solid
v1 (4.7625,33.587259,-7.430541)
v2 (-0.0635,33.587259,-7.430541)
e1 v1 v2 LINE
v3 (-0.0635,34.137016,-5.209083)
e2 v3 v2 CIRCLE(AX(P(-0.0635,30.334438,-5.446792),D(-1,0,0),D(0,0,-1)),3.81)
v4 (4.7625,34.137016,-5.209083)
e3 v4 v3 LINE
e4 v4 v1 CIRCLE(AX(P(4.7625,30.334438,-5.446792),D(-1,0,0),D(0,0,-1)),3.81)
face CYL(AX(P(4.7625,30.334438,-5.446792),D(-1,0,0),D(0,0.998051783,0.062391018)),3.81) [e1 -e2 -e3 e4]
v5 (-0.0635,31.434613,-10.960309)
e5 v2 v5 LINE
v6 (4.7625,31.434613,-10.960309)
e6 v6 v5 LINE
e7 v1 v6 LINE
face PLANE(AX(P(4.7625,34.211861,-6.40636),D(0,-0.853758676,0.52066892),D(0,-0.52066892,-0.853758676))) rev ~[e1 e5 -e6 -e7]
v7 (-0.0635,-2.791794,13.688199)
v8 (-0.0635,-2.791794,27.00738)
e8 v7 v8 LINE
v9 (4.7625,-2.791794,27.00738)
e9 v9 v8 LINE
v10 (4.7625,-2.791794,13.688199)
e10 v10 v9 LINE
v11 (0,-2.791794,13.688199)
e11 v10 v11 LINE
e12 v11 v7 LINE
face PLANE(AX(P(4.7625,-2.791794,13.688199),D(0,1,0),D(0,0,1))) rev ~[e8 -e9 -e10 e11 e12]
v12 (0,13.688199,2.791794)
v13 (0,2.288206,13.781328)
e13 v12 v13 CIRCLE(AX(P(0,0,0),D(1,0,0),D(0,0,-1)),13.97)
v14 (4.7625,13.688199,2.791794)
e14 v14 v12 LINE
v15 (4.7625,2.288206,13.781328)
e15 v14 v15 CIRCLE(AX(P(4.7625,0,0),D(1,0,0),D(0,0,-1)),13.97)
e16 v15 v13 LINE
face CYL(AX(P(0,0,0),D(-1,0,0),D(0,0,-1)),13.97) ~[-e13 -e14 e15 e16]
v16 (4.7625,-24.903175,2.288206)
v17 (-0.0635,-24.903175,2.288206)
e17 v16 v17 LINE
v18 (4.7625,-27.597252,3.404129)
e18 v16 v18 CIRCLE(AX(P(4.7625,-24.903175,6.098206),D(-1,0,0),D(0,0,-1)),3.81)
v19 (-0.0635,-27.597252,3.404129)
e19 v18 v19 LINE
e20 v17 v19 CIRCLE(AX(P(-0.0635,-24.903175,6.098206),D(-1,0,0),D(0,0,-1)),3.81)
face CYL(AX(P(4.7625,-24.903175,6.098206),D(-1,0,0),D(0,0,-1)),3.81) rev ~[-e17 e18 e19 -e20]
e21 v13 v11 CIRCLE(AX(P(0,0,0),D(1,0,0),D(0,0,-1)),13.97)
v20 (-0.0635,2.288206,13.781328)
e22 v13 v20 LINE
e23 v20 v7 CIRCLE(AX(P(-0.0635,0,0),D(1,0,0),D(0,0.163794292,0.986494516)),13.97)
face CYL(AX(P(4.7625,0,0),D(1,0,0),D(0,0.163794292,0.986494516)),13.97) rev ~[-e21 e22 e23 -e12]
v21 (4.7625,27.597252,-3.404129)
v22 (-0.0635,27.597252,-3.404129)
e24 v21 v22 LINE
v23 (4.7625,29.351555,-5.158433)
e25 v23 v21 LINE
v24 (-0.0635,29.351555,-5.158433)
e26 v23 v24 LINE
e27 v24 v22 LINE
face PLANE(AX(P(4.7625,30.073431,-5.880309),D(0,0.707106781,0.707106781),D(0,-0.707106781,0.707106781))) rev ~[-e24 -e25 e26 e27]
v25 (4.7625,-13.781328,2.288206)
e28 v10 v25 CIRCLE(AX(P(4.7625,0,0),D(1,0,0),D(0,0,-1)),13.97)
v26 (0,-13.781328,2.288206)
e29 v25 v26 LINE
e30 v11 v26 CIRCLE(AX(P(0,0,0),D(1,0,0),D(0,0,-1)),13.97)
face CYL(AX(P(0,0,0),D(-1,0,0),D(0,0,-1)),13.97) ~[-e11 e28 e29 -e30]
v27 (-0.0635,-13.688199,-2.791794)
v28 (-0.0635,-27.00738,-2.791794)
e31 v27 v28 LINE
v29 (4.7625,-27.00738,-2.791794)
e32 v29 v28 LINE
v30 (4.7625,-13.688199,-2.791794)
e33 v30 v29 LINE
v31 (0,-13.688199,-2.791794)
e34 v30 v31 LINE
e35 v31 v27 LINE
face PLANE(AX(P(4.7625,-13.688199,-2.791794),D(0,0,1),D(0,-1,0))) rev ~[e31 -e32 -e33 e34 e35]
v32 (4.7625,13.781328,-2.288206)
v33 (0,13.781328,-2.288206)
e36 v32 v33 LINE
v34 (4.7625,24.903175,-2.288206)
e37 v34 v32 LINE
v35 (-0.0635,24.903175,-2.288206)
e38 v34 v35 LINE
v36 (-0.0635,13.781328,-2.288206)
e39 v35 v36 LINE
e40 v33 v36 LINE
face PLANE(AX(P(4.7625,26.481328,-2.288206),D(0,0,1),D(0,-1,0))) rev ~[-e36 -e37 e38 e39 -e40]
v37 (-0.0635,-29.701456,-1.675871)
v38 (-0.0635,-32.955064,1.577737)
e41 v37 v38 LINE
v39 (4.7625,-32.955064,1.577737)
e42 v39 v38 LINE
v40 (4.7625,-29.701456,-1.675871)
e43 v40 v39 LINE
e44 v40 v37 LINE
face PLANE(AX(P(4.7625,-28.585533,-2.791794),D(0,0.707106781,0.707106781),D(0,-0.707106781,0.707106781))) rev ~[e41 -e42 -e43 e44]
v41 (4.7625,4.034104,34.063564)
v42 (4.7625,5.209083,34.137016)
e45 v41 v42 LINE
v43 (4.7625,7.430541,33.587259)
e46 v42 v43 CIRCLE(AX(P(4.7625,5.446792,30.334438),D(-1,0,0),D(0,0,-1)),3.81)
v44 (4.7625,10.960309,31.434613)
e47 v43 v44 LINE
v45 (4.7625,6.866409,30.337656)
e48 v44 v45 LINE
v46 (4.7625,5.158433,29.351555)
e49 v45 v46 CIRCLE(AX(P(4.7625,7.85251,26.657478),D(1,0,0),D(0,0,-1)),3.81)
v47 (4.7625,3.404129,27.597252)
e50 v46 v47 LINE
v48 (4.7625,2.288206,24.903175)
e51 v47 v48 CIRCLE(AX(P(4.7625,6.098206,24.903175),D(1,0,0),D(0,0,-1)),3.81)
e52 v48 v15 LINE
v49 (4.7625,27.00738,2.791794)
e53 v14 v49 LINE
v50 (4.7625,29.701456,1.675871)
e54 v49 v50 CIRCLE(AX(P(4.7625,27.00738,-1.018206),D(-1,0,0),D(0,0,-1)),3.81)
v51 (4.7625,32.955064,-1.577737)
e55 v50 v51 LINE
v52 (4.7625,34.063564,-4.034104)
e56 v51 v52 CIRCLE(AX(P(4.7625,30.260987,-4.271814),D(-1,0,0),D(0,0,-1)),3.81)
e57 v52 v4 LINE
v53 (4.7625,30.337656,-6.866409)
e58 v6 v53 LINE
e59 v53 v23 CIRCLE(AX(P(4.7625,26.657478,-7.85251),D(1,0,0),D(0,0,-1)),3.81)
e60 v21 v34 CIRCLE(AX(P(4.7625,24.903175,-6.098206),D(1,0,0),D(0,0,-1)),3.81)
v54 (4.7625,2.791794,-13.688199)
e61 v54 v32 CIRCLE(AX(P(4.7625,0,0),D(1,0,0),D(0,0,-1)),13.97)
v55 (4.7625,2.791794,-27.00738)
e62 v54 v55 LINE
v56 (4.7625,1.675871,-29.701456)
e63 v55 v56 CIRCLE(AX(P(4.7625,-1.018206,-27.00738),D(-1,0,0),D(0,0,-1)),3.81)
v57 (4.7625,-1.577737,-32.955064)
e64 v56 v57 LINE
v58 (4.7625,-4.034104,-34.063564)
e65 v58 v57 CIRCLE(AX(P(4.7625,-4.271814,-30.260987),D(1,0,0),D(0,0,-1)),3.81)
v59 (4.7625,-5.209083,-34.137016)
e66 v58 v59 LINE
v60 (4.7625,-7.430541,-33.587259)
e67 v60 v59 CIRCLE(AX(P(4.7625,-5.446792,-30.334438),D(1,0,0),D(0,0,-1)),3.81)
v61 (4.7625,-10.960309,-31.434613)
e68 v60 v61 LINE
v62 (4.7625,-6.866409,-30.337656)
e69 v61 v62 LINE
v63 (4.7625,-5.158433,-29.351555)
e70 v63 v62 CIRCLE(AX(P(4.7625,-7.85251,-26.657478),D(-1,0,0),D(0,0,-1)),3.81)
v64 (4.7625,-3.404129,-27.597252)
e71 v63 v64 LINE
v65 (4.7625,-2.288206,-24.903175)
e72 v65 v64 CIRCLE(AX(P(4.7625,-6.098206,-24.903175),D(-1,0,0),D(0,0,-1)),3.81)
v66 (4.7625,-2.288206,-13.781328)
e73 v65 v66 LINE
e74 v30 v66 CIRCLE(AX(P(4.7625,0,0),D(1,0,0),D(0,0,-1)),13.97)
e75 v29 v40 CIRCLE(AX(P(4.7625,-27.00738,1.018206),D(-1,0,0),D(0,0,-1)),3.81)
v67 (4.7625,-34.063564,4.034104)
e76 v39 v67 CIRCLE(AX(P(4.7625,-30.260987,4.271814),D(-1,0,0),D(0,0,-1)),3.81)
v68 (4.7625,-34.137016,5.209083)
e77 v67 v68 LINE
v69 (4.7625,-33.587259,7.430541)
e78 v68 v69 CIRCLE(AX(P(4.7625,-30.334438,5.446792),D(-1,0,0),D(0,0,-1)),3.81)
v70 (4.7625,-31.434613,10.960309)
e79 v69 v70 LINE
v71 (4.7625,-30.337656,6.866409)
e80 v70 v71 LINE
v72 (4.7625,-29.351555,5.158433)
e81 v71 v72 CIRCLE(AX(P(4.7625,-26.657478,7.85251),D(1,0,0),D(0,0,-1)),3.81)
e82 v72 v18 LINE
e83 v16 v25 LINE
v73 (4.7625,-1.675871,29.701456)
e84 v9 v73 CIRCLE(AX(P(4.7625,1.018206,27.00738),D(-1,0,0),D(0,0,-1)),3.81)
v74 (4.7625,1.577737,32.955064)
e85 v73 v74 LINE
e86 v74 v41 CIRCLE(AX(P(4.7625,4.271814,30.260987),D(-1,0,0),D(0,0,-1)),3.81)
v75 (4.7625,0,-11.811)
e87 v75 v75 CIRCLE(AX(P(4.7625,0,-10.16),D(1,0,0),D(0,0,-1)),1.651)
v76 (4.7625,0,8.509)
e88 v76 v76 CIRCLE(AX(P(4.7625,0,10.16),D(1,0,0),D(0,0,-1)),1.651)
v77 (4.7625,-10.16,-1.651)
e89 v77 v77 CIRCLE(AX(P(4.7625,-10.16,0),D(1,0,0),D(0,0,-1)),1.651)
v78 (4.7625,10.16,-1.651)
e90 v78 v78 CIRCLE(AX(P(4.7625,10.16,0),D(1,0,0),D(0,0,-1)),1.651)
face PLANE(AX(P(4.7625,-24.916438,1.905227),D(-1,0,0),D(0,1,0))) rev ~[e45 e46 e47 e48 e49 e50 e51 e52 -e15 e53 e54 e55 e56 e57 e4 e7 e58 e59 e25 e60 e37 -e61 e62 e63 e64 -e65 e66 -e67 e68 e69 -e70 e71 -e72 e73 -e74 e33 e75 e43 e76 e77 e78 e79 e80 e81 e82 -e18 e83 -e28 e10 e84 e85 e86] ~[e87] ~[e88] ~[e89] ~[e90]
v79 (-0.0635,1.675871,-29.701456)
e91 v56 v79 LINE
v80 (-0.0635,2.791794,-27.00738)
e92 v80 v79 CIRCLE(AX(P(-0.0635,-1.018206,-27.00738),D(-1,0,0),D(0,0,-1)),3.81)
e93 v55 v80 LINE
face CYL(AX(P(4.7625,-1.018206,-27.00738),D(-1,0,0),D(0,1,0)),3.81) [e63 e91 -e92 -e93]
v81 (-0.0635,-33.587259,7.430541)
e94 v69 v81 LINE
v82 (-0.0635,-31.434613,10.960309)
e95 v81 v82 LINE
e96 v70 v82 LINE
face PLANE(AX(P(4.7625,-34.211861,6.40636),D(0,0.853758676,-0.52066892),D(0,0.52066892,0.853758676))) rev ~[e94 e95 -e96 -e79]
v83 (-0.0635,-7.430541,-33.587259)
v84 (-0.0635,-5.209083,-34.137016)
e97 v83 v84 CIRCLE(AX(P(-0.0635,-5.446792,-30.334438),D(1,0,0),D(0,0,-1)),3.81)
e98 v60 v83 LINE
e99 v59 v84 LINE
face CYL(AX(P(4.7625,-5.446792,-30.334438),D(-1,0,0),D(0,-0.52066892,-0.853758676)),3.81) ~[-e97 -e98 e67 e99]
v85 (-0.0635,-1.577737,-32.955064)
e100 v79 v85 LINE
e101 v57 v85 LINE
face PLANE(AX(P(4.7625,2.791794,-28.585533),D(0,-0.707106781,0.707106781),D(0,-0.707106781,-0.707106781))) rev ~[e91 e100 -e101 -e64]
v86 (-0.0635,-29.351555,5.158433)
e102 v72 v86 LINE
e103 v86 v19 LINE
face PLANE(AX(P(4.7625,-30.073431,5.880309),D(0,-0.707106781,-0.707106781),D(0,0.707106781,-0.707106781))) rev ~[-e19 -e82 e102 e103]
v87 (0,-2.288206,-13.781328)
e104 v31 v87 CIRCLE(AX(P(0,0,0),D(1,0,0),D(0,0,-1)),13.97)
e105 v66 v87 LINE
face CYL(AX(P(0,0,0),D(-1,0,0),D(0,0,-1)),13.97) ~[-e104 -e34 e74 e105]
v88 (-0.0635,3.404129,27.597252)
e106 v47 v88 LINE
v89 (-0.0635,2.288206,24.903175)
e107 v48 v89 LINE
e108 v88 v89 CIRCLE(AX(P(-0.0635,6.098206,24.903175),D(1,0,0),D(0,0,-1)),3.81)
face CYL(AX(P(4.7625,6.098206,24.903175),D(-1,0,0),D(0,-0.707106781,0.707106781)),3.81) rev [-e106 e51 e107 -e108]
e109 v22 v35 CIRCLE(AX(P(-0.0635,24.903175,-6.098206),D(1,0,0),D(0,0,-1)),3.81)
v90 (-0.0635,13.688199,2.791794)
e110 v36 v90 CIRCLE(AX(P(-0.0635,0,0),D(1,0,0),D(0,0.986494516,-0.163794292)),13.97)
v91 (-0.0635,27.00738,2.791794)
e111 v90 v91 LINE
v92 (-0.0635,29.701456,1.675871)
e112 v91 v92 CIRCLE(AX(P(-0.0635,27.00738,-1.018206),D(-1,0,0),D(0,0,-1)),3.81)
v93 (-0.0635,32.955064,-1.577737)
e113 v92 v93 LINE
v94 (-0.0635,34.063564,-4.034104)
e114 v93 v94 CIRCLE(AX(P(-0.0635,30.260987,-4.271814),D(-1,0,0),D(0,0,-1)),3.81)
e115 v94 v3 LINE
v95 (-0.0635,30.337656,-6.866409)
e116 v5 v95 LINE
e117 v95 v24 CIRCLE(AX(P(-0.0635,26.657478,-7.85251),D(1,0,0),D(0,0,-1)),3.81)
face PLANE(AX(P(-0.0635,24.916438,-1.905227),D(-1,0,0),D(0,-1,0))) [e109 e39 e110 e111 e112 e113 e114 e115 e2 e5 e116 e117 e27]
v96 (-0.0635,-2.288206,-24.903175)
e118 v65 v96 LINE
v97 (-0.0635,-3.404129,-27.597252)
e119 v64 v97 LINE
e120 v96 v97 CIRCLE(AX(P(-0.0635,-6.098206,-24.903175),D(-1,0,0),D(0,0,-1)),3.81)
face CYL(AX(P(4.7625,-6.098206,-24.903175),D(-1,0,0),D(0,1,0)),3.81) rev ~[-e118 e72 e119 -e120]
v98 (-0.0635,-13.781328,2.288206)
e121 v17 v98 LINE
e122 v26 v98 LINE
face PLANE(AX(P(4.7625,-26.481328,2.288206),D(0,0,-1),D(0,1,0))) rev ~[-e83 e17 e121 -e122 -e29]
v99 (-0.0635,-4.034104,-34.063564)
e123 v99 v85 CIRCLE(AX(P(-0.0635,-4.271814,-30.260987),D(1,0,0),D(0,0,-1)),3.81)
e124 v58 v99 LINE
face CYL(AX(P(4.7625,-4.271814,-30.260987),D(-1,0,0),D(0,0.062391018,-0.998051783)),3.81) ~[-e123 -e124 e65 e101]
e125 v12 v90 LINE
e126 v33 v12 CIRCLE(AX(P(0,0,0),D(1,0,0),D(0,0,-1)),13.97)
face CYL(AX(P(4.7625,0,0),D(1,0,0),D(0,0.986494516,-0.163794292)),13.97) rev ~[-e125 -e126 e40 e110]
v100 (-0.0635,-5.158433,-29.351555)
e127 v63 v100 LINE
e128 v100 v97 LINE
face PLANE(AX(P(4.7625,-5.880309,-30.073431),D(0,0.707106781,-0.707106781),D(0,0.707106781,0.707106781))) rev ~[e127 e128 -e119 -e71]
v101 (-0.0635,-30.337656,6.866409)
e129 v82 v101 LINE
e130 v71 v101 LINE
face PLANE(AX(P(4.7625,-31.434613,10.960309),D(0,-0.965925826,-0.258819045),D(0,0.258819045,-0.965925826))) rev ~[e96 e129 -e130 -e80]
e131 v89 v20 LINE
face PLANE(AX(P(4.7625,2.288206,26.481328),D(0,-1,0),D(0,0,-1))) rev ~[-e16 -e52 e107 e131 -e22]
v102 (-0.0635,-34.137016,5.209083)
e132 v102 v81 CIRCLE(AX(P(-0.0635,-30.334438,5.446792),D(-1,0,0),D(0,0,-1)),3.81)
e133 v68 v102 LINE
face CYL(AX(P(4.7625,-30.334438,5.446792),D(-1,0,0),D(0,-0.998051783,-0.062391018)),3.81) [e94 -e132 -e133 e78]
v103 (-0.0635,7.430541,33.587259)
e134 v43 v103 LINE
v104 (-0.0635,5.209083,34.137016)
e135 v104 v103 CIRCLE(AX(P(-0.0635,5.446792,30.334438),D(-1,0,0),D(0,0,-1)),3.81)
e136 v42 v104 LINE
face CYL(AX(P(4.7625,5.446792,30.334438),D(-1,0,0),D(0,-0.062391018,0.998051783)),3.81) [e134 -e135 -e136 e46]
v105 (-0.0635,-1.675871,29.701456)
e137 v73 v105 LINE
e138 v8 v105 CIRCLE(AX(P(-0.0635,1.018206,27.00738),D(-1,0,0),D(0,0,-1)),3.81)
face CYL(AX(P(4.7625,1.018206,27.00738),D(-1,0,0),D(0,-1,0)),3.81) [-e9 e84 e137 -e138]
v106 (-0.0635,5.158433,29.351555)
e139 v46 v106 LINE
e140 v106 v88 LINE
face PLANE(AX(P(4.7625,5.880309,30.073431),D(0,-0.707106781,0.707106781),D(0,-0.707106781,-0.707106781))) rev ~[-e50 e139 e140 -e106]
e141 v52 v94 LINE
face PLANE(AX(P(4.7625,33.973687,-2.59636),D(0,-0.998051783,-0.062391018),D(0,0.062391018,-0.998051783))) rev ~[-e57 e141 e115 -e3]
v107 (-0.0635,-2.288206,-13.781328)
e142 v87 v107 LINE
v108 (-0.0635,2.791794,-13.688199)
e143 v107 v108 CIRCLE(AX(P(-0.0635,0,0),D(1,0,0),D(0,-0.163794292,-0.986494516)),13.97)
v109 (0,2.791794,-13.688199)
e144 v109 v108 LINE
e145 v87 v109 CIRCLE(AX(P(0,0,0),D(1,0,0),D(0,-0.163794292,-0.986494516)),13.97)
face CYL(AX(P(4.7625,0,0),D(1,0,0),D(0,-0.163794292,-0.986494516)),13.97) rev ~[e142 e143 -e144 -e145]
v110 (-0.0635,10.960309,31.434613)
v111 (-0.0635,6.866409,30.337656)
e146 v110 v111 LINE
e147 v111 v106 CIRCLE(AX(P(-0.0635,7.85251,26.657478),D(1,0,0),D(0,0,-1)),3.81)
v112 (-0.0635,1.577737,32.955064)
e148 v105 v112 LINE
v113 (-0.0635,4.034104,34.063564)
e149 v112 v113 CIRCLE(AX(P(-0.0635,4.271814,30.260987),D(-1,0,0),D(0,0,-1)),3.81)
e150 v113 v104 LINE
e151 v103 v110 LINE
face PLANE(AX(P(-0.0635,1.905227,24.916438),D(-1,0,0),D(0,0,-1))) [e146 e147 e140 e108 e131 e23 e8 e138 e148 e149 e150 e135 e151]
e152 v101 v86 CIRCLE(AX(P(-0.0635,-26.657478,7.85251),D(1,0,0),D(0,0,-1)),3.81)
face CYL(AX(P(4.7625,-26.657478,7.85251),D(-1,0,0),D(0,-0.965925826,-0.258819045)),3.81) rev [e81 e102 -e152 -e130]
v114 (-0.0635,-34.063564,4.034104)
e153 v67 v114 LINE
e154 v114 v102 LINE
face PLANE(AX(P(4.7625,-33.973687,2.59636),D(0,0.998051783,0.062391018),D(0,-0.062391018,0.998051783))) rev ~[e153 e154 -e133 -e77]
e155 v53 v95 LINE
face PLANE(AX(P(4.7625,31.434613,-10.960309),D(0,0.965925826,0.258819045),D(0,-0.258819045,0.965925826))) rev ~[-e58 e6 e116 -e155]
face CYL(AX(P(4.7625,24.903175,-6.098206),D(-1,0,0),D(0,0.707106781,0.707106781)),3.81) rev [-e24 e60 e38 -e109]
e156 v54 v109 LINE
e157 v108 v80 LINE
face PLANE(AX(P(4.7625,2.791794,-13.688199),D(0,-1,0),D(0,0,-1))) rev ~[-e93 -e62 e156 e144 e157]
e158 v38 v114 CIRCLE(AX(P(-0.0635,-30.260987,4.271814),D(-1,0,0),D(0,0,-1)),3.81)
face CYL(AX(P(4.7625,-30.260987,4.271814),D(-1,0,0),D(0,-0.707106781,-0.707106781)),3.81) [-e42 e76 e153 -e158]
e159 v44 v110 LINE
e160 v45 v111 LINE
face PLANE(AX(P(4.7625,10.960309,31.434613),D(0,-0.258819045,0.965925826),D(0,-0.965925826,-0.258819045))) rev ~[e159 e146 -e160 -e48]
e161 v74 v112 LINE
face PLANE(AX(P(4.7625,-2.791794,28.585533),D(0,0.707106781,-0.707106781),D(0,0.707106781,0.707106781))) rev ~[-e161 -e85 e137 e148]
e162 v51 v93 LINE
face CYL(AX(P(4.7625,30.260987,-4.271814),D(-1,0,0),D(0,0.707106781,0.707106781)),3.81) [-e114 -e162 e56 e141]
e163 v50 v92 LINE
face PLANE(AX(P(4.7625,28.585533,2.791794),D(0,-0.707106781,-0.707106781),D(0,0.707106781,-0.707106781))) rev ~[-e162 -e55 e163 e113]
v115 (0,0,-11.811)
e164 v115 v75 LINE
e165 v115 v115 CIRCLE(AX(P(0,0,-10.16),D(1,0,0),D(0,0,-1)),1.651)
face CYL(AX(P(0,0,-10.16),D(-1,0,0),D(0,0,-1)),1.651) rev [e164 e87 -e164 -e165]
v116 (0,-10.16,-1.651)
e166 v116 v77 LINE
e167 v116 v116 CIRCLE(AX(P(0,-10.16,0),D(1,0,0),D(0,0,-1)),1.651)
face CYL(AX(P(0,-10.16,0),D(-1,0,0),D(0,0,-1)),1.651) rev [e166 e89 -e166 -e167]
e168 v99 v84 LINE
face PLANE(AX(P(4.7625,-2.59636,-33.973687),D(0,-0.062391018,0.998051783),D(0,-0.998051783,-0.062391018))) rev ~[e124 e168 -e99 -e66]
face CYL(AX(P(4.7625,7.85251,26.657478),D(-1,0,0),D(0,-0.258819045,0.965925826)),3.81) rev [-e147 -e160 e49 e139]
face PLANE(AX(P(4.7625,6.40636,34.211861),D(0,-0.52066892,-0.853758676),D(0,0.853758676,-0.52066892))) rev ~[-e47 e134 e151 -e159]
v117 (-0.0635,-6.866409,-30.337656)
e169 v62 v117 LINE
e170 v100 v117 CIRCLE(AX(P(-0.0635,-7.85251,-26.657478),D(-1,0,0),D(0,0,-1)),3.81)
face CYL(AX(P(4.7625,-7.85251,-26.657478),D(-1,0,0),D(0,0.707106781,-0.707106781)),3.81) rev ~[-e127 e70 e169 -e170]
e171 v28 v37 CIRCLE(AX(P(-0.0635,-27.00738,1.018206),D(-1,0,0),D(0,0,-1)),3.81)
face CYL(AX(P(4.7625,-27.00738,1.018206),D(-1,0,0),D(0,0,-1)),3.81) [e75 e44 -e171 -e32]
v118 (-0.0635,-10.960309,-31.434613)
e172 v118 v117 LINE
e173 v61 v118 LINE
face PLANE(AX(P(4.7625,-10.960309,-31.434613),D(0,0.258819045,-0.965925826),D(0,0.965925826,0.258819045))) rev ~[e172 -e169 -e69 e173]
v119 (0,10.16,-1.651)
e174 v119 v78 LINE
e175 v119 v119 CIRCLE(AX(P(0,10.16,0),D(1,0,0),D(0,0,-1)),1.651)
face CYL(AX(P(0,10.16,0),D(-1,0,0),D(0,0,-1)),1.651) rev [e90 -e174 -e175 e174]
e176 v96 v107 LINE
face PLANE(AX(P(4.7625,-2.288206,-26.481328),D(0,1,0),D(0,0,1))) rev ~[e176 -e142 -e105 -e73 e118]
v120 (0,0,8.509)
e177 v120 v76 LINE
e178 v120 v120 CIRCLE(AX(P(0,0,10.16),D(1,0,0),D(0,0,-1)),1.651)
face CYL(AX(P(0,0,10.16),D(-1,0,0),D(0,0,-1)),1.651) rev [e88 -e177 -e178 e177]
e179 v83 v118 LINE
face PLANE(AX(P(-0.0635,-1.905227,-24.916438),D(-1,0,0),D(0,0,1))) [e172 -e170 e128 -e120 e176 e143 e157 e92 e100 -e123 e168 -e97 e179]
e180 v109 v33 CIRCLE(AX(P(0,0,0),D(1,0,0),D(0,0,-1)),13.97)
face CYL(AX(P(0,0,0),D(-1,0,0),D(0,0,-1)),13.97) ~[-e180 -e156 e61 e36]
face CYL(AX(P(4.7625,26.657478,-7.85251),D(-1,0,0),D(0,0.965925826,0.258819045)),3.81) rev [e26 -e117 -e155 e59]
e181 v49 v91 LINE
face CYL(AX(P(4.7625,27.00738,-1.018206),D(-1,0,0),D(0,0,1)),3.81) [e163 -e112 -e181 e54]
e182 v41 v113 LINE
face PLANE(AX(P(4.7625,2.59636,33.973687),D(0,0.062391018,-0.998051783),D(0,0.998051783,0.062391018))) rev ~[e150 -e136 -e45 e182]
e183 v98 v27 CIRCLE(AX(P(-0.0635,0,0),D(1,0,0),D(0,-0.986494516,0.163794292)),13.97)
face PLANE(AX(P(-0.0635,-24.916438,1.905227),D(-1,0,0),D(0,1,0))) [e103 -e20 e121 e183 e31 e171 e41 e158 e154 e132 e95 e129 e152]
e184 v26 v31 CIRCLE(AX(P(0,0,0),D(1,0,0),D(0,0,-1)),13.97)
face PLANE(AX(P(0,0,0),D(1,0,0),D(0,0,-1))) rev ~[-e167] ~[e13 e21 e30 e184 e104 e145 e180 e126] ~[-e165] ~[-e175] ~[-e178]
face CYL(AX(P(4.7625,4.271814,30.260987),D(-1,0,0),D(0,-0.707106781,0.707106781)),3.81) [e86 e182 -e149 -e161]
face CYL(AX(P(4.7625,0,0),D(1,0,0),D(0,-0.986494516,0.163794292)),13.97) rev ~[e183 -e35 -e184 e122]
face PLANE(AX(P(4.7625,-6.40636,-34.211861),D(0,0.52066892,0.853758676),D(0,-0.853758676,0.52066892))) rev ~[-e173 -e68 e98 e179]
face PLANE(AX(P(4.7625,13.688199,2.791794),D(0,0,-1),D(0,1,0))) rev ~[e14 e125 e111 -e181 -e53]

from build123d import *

# Parameters (mm, degrees)
SKETCH1_R                = 13.97
SKETCH1_R_2              = 1.651
BOSS_EXTRUDE1_DEPTH      = 4.7625
LEG1_DEPTH               = 4.826
FILLET2_R                = 3.81
CIRPATTERN1_COUNT        = 4
FILLET2_OF_CIRPATTERN1_R = 3.81


with BuildPart() as part:
    # Sketch1 → Boss-Extrude1 (new body)
    with BuildSketch(Plane(origin=(0, 0, 0), x_dir=(0, 0, -1), z_dir=(1, 0, 0))):
        Circle(SKETCH1_R)
        with Locations((-10.16, 0)):
            Circle(SKETCH1_R_2, mode=Mode.SUBTRACT)
        with Locations((0, 10.16)):
            Circle(SKETCH1_R_2, mode=Mode.SUBTRACT)
        with Locations((10.16, 0)):
            Circle(SKETCH1_R_2, mode=Mode.SUBTRACT)
        with Locations((0, -10.16)):
            Circle(SKETCH1_R_2, mode=Mode.SUBTRACT)
    extrude(amount=BOSS_EXTRUDE1_DEPTH)

    # Sketch2 → leg1 (add)
    with BuildSketch(Plane(origin=(4.7625, 0, 0), x_dir=(0, 0, -1), z_dir=(1, 0, 0))):
        with BuildLine():
            Line((13.688198848, 2.791793742), (28.585533284, 2.791793742))
            Line((28.585533284, 2.791793742), (33.973686957, -2.596359931))
            Line((33.973686957, -2.596359931), (34.21186075, -6.406359931))
            Line((34.21186075, -6.406359931), (31.434612733, -10.960308707))
            Line((31.434612733, -10.960308707), (30.073430836, -5.880308707))
            Line((30.073430836, -5.880308707), (26.481328387, -2.288206258))
            Line((26.481328387, -2.288206258), (13.781328387, -2.288206258))
            ThreePointArc((13.781328387, -2.288206258), (13.967653047, 0.256063207), (13.688198848, 2.791793742))
        make_face()
    leg1 = extrude(amount=-LEG1_DEPTH)

    # Fillet2
    fillet2_edges = [part.edges().sort_by_distance(p)[0] for p in [
        (2.3495, 2.791793742, -28.585533284),
        (2.3495, -2.596359931, -33.973686957),
        (2.3495, -6.406359931, -34.21186075),
        (2.3495, -5.880308707, -30.073430836),
        (2.3495, -2.288206258, -26.481328387),
    ]]
    fillet(fillet2_edges, radius=FILLET2_R)

    # CirPattern1: leg1 ×4 about axis
    cirpattern1_axis = Axis((0, 0, 0), (1, 0, 0))
    for i in range(1, CIRPATTERN1_COUNT):
        add(leg1.rotate(cirpattern1_axis, i * 360 / CIRPATTERN1_COUNT))

    # Fillet2 of CirPattern1
    fillet2_of_cirpattern1_edges = [part.edges().sort_by_distance(p)[0] for p in [
        (2.3495, 28.585533284, 2.791793742),
        (2.3495, 33.973686957, -2.596359931),
        (2.3495, 34.21186075, -6.406359931),
        (2.3495, 30.073430836, -5.880308707),
        (2.3495, 26.481328387, -2.288206258),
        (2.3495, -2.791793742, 28.585533284),
        (2.3495, 2.596359931, 33.973686957),
        (2.3495, 6.406359931, 34.21186075),
        (2.3495, 5.880308707, 30.073430836),
        (2.3495, 2.288206258, 26.481328387),
        (2.3495, -28.585533284, -2.791793742),
        (2.3495, -33.973686957, 2.596359931),
        (2.3495, -34.21186075, 6.406359931),
        (2.3495, -30.073430836, 5.880308707),
        (2.3495, -26.481328387, 2.288206258),
    ]]
    fillet(fillet2_of_cirpattern1_edges, radius=FILLET2_OF_CIRPATTERN1_R)


solid = part.part
